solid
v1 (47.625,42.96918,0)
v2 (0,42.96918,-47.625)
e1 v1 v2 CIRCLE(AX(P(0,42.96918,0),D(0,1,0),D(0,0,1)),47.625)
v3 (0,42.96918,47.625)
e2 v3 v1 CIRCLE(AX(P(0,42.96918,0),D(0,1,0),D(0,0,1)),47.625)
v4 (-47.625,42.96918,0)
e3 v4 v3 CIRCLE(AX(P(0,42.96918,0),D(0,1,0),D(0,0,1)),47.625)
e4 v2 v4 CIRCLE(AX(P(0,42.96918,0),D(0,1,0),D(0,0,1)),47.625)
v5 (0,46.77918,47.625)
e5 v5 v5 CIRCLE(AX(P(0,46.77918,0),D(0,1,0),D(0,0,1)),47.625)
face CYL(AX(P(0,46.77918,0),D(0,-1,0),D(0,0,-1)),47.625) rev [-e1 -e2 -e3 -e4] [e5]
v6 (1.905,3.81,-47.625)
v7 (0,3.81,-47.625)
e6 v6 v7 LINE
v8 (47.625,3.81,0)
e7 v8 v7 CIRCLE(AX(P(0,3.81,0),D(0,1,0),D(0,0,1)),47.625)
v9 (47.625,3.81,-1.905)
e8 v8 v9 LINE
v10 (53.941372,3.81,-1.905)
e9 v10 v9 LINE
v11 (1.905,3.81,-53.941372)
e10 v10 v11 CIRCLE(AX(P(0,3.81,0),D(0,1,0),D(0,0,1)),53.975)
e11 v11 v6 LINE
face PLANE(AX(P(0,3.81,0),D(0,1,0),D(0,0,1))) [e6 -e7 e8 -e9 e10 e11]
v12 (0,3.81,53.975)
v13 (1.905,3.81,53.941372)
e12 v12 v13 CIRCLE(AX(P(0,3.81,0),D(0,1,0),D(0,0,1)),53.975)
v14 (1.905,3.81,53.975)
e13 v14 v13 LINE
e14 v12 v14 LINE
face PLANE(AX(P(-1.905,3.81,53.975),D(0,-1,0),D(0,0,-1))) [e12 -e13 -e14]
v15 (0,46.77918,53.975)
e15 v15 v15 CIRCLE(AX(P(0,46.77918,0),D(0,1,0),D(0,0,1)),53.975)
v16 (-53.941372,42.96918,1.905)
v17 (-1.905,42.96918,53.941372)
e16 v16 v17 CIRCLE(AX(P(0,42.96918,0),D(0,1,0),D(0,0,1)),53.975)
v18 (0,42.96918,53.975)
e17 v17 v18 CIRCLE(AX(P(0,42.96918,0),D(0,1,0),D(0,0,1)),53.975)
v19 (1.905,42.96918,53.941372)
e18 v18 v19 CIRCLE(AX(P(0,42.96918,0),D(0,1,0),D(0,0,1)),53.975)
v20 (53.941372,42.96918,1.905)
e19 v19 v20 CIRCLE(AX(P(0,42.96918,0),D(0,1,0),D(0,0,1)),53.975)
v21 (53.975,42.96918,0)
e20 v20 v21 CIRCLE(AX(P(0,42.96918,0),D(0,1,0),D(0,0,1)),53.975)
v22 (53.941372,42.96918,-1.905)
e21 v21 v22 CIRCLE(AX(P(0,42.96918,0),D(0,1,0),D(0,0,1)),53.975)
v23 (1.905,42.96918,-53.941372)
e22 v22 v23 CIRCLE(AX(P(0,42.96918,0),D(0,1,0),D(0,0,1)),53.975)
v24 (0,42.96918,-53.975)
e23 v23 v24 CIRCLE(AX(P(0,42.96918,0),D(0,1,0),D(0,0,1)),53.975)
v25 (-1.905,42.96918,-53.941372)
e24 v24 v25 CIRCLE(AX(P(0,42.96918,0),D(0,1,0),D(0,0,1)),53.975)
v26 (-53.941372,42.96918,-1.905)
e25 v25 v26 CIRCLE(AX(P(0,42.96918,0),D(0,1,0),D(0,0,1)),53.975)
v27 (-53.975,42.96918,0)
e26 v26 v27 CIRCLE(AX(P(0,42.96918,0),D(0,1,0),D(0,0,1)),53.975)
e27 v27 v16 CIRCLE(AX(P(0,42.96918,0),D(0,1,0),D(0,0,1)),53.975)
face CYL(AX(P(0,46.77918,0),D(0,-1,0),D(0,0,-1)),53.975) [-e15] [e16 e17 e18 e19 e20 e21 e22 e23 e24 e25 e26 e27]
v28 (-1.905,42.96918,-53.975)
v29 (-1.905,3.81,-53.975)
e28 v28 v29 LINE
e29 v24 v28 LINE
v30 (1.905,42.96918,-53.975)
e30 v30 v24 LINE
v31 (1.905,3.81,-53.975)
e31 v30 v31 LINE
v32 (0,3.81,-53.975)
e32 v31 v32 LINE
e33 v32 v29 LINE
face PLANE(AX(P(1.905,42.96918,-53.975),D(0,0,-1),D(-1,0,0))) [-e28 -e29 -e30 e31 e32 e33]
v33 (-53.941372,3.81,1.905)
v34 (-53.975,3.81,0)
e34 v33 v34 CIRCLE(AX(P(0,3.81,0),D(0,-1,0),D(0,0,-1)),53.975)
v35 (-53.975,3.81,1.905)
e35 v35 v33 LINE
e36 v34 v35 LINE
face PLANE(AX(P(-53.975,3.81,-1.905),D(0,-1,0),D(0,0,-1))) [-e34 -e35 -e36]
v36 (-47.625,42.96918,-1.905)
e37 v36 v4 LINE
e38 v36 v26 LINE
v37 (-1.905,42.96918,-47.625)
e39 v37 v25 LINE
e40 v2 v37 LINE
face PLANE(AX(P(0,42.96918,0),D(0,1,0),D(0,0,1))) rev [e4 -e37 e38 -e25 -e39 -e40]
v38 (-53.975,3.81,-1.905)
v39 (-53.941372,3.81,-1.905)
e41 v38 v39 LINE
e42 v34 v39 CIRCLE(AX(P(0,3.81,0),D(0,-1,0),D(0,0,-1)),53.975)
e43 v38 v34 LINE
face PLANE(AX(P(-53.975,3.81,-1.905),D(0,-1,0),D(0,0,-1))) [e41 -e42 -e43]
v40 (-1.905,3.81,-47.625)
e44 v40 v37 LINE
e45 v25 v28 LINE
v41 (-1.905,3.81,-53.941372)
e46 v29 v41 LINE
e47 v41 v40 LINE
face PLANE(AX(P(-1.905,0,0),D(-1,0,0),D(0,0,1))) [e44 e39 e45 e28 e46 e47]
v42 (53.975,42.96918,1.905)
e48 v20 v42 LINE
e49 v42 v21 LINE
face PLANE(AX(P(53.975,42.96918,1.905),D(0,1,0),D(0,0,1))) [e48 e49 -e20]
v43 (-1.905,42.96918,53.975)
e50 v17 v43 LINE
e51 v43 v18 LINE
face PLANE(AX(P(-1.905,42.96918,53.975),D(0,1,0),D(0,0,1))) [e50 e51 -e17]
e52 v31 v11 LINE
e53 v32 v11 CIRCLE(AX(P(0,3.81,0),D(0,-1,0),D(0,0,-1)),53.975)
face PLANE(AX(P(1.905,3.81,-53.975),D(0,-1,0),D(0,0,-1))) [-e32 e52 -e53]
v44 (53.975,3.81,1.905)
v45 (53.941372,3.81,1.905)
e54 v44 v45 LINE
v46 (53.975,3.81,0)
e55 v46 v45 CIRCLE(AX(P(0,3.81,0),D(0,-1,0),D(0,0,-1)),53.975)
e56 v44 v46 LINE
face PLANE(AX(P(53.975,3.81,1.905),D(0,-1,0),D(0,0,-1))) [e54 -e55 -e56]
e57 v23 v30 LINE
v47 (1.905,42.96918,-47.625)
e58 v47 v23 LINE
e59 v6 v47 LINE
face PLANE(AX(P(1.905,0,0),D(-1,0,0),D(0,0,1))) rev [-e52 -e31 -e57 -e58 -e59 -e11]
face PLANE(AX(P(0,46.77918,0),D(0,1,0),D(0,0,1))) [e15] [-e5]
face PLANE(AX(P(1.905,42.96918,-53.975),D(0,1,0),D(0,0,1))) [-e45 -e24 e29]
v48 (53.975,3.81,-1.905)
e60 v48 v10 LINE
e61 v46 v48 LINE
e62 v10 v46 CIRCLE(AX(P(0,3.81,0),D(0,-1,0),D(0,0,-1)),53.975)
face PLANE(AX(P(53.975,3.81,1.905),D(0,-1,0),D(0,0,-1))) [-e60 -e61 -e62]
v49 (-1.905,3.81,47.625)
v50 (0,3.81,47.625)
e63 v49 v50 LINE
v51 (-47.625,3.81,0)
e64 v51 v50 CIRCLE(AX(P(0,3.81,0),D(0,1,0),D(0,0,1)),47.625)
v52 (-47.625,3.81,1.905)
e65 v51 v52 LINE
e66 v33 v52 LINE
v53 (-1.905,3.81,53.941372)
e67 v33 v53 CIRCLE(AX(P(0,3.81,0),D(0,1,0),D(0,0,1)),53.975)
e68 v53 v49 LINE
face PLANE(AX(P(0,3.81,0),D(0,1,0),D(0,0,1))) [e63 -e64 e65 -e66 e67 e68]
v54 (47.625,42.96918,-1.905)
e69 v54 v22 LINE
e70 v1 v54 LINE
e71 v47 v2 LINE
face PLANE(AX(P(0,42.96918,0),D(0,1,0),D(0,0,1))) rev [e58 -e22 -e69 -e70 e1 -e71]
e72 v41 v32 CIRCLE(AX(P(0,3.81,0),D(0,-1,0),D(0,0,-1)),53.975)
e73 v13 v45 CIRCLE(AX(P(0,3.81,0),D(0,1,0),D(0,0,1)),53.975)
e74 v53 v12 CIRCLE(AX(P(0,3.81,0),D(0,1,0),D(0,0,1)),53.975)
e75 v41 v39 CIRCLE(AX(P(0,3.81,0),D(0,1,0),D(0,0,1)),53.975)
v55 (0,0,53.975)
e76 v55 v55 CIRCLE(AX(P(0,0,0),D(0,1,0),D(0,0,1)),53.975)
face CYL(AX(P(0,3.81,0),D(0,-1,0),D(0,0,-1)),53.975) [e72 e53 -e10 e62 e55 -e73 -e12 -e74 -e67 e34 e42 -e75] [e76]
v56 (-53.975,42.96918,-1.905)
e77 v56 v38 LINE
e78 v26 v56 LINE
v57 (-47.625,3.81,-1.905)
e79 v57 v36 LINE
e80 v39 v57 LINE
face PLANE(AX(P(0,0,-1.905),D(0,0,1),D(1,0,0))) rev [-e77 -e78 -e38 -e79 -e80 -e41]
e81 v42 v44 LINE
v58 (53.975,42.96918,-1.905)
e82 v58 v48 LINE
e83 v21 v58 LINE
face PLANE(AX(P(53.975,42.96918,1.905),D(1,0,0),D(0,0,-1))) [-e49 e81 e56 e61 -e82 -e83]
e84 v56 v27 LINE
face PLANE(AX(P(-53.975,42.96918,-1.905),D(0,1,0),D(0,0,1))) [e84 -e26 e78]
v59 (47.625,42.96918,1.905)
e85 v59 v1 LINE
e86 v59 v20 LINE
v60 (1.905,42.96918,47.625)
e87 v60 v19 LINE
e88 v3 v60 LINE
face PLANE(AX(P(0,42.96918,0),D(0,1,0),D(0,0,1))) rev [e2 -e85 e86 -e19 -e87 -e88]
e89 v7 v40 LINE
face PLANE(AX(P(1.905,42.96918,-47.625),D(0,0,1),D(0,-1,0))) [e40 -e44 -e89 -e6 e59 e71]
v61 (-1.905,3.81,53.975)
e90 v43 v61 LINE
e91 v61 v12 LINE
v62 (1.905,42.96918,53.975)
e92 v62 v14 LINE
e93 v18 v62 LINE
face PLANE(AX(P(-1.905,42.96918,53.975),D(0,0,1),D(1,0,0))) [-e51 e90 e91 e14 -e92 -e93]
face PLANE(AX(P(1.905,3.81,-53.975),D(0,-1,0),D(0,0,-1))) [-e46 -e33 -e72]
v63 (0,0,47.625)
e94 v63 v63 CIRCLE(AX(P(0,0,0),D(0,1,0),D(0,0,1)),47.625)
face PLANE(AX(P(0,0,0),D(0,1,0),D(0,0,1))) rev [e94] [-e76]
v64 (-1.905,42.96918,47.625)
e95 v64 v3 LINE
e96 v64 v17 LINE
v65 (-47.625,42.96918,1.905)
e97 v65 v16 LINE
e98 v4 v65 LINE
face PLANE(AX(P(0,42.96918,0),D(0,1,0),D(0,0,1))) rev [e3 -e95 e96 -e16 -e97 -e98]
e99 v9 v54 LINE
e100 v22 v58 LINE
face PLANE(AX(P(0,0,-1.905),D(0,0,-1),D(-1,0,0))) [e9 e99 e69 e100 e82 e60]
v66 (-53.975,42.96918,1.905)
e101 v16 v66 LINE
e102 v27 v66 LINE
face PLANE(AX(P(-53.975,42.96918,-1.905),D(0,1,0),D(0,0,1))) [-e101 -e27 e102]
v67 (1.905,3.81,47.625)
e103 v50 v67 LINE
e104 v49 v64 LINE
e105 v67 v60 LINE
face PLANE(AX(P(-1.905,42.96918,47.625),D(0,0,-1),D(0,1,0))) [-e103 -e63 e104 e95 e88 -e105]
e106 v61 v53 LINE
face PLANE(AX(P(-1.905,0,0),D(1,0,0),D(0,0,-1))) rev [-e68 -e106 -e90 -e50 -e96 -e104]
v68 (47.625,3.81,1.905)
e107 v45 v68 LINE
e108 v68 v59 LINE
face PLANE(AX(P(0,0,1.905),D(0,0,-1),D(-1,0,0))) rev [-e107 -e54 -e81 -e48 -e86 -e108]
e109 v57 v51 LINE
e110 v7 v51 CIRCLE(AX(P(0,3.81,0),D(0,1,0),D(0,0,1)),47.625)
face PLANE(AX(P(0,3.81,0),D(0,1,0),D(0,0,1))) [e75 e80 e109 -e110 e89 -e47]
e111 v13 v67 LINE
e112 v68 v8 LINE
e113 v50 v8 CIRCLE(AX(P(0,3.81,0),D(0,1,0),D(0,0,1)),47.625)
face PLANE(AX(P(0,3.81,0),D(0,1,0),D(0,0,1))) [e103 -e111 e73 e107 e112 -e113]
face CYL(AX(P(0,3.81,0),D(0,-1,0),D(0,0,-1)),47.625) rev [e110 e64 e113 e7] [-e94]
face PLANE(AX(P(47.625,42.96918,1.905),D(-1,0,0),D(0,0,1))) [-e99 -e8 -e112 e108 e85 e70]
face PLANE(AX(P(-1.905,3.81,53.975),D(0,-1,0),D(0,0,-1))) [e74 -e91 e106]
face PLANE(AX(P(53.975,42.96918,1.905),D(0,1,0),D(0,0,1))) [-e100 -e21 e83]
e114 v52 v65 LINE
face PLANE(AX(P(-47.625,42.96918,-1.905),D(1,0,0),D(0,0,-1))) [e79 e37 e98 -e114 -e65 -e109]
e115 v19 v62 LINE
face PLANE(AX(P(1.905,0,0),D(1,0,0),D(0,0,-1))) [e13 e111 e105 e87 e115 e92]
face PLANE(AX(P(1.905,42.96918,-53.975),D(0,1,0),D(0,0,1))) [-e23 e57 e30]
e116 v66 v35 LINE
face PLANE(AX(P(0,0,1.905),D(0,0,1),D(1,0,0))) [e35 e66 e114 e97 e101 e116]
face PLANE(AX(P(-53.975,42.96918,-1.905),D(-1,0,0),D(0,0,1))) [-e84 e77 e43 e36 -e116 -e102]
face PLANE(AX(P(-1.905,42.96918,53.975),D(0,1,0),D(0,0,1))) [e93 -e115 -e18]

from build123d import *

# Parameters (mm, degrees)
SKETCH1_R           = 53.975
SKETCH1_R_2         = 47.625
BOSS_EXTRUDE1_DEPTH = 3.81
SKETCH2_R           = 53.975
SKETCH2_R_2         = 47.625
BOSS_EXTRUDE2_DEPTH = 3.81
SKETCH4_W           = 6.35
SKETCH4_H           = 39.15918
BOSS_EXTRUDE3_DEPTH = 1.905
CIRPATTERN1_COUNT   = 4


with BuildPart() as part:
    # Sketch1 → Boss-Extrude1 (new body)
    with BuildSketch(Plane(origin=(0, 0, 0), x_dir=(1, 0, 0), z_dir=(0, 1, 0))):
        with Locations(Location((0, 0, 0), (0, 0, 90))):
            Circle(SKETCH1_R)
        with Locations(Location((0, 0, 0), (0, 0, 90))):
            Circle(SKETCH1_R_2, mode=Mode.SUBTRACT)
    extrude(amount=BOSS_EXTRUDE1_DEPTH)



with BuildPart() as body_2:
    # Sketch2 → Boss-Extrude2 (new body)
    with BuildSketch(Plane(origin=(0, 42.96918, 0), x_dir=(1, 0, 0), z_dir=(0, 1, 0))):
        with Locations(Location((0, 0, 0), (0, 0, 90))):
            Circle(SKETCH2_R)
        with Locations(Location((0, 0, 0), (0, 0, 90))):
            Circle(SKETCH2_R_2, mode=Mode.SUBTRACT)
    extrude(amount=BOSS_EXTRUDE2_DEPTH)


with BuildPart() as part_1:
    add(part.part)

    add(body_2.part)  # Boss-Extrude3 merges body 2
    # Sketch4 → Boss-Extrude3 (add, symmetric)
    with BuildSketch(Plane(origin=(0, 0, 0), x_dir=(0, 0, -1), z_dir=(1, 0, 0))):
        with Locations((-50.8, 23.38959)):
            Rectangle(SKETCH4_W, SKETCH4_H)
    boss_extrude3 = extrude(amount=BOSS_EXTRUDE3_DEPTH, both=True)

    # CirPattern1: Boss-Extrude3 ×4 about axis
    cirpattern1_axis = Axis((0, 0, 0), (0, 1, 0))
    for i in range(1, CIRPATTERN1_COUNT):
        add(boss_extrude3.rotate(cirpattern1_axis, i * 360 / CIRPATTERN1_COUNT))


solid = part_1.part
